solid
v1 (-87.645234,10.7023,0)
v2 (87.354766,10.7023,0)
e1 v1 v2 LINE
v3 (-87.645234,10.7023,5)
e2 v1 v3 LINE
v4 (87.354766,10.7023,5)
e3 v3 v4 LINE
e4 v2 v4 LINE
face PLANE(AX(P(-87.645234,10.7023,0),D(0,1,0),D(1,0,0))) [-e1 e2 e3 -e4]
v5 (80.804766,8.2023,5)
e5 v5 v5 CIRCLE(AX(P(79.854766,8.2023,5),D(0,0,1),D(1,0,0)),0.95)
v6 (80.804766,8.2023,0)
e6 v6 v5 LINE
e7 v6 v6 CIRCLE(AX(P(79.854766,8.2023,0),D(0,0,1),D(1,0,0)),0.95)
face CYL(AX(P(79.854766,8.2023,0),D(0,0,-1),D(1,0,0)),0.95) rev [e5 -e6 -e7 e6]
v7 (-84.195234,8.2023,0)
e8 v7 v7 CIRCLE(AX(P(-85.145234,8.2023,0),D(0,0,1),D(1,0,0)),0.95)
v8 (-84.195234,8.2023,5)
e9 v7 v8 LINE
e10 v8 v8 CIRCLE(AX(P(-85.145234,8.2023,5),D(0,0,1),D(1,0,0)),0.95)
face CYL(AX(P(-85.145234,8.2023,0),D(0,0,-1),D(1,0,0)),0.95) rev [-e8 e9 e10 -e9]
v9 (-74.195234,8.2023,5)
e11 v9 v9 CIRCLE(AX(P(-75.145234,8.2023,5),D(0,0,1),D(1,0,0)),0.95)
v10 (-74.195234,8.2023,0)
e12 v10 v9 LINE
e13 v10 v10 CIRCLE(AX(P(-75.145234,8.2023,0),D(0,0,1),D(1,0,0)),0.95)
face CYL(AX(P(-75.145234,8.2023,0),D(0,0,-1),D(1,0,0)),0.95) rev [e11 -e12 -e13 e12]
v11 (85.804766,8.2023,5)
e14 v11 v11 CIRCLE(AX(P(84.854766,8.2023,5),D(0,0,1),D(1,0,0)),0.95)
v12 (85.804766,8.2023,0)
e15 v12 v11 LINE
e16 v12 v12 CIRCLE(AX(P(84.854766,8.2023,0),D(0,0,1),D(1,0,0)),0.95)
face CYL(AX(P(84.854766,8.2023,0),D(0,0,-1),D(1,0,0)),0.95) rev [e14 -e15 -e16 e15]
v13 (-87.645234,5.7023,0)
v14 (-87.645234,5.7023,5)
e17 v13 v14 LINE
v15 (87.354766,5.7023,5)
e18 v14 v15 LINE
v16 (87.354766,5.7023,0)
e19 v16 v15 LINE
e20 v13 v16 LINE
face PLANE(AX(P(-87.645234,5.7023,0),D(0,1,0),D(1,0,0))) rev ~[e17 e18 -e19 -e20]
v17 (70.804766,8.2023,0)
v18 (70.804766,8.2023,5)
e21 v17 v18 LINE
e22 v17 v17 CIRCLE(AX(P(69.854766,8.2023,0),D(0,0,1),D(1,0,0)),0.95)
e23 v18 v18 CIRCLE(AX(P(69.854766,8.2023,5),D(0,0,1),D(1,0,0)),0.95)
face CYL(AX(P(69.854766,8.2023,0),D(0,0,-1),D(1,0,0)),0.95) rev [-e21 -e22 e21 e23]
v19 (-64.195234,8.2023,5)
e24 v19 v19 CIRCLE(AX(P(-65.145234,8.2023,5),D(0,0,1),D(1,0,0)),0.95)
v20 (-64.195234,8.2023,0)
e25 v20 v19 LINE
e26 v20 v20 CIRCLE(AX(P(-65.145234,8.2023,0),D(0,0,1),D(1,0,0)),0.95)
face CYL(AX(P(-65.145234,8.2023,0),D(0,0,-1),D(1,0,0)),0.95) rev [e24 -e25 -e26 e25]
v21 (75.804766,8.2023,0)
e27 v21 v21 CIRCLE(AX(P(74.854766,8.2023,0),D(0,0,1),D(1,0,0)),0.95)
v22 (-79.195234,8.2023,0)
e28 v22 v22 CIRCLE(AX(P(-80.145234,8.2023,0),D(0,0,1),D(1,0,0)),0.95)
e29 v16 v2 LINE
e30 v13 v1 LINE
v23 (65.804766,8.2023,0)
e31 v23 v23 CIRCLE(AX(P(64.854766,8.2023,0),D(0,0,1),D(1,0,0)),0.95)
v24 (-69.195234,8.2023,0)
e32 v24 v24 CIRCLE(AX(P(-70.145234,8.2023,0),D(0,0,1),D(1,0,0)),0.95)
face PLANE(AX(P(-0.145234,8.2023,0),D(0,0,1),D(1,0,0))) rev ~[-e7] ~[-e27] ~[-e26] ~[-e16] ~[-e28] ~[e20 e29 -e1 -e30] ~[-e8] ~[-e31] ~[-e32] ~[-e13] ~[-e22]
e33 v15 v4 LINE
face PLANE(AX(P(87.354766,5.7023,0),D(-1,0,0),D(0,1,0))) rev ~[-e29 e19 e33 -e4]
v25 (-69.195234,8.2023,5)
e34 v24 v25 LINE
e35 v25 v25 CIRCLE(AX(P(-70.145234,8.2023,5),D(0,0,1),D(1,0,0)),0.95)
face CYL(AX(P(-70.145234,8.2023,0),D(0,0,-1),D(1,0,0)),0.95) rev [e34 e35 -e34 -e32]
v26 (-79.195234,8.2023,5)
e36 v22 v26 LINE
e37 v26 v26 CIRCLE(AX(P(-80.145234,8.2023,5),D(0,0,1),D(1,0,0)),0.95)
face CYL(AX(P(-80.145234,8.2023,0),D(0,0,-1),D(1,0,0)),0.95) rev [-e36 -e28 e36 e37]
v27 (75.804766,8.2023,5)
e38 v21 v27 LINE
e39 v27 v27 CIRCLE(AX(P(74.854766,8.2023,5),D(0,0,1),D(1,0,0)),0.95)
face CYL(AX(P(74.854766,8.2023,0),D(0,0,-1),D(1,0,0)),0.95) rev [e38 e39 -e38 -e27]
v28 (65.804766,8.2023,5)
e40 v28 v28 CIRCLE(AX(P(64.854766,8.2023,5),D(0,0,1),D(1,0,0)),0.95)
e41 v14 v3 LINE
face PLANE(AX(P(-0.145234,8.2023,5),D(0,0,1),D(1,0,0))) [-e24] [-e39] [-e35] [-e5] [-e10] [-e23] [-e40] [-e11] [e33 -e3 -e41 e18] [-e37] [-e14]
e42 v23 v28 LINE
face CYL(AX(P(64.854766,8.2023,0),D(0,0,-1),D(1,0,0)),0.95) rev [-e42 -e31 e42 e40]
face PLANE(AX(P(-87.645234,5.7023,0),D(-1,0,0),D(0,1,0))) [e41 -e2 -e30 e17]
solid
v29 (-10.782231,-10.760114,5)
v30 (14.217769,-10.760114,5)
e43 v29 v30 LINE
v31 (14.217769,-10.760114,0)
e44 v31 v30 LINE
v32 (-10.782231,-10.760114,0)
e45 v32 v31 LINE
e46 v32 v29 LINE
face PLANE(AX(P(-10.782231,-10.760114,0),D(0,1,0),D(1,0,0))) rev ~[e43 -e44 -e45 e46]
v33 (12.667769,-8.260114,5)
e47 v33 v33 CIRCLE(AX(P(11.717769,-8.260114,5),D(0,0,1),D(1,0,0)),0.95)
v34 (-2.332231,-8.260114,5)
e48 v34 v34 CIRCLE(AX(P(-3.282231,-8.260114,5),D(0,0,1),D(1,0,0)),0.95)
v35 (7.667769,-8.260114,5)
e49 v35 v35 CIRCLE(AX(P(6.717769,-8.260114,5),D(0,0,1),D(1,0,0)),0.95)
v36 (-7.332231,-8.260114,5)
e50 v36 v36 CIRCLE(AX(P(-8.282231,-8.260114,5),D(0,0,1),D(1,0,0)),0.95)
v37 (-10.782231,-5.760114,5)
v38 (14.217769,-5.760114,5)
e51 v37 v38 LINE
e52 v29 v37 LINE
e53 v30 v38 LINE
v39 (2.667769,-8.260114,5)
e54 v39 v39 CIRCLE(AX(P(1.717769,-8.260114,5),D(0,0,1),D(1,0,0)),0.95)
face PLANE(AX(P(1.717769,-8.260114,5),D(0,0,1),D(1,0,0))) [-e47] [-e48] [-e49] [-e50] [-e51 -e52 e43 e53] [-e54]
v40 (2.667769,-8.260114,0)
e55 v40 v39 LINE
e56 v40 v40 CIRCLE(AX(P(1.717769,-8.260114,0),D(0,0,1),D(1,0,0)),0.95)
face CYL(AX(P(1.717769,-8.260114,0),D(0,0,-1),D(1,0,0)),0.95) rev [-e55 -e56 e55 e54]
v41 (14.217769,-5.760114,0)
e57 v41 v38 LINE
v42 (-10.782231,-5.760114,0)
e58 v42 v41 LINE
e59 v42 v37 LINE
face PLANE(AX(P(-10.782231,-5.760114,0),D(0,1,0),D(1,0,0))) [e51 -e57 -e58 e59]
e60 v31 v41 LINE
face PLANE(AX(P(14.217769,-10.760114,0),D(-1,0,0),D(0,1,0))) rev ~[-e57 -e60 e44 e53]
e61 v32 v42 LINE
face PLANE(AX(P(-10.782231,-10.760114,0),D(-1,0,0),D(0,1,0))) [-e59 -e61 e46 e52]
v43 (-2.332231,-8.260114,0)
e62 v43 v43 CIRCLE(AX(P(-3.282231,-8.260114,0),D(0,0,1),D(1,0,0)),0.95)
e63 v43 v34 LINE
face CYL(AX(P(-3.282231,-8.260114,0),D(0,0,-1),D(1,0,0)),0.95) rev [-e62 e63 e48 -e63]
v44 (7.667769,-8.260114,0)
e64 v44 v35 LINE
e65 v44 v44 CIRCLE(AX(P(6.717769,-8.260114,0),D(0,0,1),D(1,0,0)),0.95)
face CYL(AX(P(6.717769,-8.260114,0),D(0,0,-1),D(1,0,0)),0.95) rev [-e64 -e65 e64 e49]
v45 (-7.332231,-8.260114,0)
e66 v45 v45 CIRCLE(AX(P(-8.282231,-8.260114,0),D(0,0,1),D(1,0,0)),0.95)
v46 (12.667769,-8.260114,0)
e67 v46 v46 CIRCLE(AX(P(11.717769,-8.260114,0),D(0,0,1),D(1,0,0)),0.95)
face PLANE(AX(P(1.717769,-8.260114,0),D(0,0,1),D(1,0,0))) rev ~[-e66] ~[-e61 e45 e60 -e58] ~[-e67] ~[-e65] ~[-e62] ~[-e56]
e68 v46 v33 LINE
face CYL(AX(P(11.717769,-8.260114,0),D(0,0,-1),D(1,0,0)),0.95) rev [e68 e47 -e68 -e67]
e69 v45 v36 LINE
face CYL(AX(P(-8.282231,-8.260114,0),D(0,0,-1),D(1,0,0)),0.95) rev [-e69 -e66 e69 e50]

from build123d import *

# Parameters (mm, degrees)
F0_W     = 25
F0_H     = 5
F0_R     = 0.95
F0_W_2   = 175
F1_DEPTH = 5


with BuildPart() as f1:
    # F0 (on Top) → F1 (new body)
    with BuildSketch(Plane.XY):
        with Locations((1.717769, -8.260114)):
            Rectangle(F0_W, F0_H)
        with Locations((-8.282231, -8.260114)):
            Circle(F0_R, mode=Mode.SUBTRACT)
        with Locations((-3.282231, -8.260114)):
            Circle(F0_R, mode=Mode.SUBTRACT)
        with Locations((1.717769, -8.260114)):
            Circle(F0_R, mode=Mode.SUBTRACT)
        with Locations((6.717769, -8.260114)):
            Circle(F0_R, mode=Mode.SUBTRACT)
        with Locations((11.717769, -8.260114)):
            Circle(F0_R, mode=Mode.SUBTRACT)
        with Locations((-0.145234, 8.2023)):
            Rectangle(F0_W_2, F0_H)
        with Locations((-85.145234, 8.2023)):
            Circle(F0_R, mode=Mode.SUBTRACT)
        with Locations((-80.145234, 8.2023)):
            Circle(F0_R, mode=Mode.SUBTRACT)
        with Locations((-75.145234, 8.2023)):
            Circle(F0_R, mode=Mode.SUBTRACT)
        with Locations((-70.145234, 8.2023)):
            Circle(F0_R, mode=Mode.SUBTRACT)
        with Locations((-65.145234, 8.2023)):
            Circle(F0_R, mode=Mode.SUBTRACT)
        with Locations((64.854766, 8.2023)):
            Circle(F0_R, mode=Mode.SUBTRACT)
        with Locations((69.854766, 8.2023)):
            Circle(F0_R, mode=Mode.SUBTRACT)
        with Locations((74.854766, 8.2023)):
            Circle(F0_R, mode=Mode.SUBTRACT)
        with Locations((79.854766, 8.2023)):
            Circle(F0_R, mode=Mode.SUBTRACT)
        with Locations((84.854766, 8.2023)):
            Circle(F0_R, mode=Mode.SUBTRACT)
    extrude(amount=F1_DEPTH)


solid = f1.part
